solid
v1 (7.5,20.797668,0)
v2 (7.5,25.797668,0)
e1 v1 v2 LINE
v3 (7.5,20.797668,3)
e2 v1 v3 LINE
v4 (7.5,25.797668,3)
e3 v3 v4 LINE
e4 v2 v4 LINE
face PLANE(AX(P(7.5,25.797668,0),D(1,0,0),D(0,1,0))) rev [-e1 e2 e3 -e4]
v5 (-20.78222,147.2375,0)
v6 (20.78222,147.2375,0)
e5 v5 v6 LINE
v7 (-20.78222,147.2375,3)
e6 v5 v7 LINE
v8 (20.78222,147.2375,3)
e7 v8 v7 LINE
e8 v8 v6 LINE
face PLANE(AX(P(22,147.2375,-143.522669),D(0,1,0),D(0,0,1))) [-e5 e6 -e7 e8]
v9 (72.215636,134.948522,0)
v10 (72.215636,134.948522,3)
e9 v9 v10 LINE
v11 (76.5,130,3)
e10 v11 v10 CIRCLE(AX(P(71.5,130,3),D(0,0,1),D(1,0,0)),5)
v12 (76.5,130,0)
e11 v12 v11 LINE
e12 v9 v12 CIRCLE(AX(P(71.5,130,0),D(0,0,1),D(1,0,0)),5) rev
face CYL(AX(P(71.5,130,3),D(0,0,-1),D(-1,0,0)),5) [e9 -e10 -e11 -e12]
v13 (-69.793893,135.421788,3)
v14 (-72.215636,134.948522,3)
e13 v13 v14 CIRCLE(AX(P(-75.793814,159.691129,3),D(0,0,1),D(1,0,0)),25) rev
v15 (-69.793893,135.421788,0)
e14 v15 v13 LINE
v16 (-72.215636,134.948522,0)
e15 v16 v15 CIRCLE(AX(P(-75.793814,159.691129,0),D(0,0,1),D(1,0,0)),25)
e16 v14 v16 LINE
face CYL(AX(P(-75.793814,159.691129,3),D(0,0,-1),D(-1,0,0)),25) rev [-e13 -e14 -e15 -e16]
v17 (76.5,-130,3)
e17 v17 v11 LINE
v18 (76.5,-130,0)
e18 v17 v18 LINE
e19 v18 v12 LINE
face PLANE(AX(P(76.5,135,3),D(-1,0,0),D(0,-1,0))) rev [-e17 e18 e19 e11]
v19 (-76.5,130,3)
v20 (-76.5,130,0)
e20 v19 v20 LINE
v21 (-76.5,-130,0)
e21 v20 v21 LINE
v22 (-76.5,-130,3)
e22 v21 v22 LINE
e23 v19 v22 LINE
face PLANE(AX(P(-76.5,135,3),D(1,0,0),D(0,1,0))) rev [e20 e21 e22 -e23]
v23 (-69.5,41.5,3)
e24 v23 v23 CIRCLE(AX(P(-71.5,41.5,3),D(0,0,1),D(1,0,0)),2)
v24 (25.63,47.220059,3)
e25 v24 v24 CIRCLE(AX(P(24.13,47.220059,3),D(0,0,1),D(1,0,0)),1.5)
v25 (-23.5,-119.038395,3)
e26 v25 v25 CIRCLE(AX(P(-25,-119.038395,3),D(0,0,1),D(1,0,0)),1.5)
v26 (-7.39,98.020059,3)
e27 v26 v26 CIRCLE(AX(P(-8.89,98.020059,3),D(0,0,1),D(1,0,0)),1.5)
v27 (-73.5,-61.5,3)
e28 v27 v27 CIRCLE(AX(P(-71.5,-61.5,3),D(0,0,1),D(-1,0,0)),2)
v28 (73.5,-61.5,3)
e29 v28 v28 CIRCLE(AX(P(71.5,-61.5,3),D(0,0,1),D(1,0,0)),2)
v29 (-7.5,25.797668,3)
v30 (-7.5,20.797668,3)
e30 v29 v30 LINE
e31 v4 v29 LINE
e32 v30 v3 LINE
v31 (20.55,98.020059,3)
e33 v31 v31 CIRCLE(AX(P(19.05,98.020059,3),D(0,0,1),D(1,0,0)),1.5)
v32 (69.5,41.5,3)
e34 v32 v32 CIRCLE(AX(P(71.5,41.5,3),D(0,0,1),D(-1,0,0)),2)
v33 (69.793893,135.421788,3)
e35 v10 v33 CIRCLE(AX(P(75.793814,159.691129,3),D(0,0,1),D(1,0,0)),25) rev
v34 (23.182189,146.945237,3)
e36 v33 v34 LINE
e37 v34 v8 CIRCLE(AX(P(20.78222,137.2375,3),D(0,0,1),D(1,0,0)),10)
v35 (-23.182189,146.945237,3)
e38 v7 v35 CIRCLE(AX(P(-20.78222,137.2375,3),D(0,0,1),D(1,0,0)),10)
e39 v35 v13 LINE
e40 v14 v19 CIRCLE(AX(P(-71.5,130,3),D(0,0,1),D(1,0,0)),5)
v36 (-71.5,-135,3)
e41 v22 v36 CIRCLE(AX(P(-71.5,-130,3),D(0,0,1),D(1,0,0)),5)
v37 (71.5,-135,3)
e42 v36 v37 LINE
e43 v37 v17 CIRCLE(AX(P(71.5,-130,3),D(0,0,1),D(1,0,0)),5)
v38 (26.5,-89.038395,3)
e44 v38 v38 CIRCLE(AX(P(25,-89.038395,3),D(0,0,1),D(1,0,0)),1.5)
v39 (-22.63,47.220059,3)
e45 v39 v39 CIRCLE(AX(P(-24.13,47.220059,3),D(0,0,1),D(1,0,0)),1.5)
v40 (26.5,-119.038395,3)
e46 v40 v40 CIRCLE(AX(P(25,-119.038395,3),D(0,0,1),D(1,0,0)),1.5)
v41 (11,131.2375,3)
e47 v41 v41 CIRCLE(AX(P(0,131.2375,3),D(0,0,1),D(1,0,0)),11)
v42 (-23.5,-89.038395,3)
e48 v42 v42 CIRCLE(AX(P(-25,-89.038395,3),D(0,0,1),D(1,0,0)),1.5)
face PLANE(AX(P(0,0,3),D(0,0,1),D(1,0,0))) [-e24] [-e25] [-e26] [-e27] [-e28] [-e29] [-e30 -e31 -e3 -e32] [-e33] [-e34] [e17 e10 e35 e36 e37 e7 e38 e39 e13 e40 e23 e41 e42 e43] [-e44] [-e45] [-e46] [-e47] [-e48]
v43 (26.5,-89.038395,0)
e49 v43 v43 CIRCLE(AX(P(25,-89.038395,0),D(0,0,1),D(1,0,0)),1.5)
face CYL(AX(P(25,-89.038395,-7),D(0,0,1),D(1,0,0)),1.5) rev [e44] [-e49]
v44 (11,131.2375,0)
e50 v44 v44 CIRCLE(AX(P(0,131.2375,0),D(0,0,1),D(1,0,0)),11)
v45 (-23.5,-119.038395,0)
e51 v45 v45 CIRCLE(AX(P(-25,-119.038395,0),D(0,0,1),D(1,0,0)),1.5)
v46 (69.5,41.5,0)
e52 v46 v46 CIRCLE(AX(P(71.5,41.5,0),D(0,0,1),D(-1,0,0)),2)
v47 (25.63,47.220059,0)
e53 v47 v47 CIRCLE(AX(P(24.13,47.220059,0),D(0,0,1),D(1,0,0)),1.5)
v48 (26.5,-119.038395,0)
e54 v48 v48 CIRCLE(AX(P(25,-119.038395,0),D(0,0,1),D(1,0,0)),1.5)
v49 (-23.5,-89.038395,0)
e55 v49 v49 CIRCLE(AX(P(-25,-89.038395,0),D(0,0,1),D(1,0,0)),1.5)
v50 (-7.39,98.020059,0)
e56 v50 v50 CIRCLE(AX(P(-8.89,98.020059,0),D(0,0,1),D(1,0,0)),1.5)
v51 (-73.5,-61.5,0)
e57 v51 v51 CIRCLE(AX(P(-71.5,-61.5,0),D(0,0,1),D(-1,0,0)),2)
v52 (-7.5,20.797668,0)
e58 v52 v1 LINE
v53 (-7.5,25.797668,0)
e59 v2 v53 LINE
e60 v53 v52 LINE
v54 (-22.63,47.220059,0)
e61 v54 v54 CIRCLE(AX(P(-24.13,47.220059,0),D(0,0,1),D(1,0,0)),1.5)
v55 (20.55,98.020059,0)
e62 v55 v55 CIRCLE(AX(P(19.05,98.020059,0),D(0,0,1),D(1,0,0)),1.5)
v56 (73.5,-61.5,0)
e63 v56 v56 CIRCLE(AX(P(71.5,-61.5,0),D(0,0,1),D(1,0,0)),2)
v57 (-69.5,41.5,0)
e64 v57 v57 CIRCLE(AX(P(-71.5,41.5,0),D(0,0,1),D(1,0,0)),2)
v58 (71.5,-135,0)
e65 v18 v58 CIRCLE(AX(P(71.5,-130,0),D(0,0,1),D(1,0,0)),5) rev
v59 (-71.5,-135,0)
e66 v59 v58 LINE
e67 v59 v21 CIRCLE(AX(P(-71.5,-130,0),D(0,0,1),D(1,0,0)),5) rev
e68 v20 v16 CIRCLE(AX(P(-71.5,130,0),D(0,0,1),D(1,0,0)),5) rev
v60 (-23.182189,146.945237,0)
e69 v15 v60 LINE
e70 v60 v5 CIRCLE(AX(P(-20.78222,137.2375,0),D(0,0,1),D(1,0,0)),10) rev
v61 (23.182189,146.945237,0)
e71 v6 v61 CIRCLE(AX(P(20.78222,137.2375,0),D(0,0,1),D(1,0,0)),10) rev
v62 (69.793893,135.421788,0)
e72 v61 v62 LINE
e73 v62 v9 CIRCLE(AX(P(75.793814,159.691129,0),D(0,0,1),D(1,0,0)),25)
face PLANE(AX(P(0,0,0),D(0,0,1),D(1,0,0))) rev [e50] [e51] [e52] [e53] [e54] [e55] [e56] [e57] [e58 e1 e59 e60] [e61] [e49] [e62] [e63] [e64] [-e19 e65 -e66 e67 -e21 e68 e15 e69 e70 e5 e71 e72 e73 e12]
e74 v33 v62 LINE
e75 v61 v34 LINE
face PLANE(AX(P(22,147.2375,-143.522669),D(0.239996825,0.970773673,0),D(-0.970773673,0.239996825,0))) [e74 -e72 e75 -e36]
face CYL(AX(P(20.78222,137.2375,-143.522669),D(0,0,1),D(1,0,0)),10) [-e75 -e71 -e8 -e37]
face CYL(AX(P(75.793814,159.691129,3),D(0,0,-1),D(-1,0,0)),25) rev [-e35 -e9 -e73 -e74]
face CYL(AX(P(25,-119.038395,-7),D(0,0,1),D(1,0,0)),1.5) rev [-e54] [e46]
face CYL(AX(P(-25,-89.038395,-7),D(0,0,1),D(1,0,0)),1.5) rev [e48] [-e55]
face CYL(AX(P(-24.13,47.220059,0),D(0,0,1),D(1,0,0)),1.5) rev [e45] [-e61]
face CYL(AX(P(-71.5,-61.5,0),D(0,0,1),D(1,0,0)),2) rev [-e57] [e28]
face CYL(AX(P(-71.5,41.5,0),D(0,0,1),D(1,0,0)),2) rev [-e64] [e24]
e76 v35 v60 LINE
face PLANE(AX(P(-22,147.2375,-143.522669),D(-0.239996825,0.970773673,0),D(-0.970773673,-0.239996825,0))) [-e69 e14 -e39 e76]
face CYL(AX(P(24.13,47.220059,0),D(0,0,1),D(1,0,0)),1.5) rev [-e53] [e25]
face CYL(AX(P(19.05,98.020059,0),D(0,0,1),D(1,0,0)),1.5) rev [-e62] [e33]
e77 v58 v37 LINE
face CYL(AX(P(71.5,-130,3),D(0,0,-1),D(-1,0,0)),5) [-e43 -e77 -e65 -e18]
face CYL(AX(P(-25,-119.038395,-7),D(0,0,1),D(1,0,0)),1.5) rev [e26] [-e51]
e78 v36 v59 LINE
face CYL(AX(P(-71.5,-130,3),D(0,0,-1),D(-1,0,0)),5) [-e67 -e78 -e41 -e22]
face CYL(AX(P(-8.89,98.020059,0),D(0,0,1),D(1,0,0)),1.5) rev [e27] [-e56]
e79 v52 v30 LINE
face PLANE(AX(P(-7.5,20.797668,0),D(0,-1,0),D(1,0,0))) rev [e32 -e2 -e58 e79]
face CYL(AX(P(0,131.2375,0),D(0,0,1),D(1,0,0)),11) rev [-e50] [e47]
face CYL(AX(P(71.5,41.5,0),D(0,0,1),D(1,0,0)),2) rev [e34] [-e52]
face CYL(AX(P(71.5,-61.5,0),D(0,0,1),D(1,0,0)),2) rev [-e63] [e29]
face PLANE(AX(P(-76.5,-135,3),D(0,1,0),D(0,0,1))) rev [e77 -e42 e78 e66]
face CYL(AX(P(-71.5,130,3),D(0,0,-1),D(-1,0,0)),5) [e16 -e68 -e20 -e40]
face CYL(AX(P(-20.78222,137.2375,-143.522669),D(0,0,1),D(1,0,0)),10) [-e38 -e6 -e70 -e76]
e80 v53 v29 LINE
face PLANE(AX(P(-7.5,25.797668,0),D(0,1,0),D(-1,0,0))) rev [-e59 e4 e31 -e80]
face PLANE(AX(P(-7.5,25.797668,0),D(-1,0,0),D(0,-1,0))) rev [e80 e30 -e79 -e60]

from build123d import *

# Parameters (mm, degrees)
CROQUIS1_W              = 153
CROQUIS1_H              = 270
SALIENTE_EXTRUIR1_DEPTH = 3
CROQUIS2_R              = 2
CORTAR_EXTRUIR1_DEPTH   = 4
REDONDEO1_R             = 5
SALIENTE_EXTRUIR2_DEPTH = 3
REDONDEO2_R             = 25
REDONDEO3_R             = 10
CROQUIS5_R              = 11
CORTAR_EXTRUIR3_DEPTH   = 4
CROQUIS6_R              = 1.5
CROQUIS6_W              = 15
CROQUIS6_H              = 5
CORTAR_EXTRUIR4_DEPTH   = 4
CROQUIS7_R              = 1.5
CORTAR_EXTRUIR5_DEPTH   = 10


with BuildPart() as part:
    # Croquis1 → Saliente-Extruir1 (new body)
    with BuildSketch(Plane.XY):
        Rectangle(CROQUIS1_W, CROQUIS1_H)
    extrude(amount=SALIENTE_EXTRUIR1_DEPTH)

    # Croquis2 → Cortar-Extruir1 (cut, through all)
    with BuildSketch(Plane.XY.offset(3)):
        with Locations((-71.5, 41.5)):
            Circle(CROQUIS2_R)
        with Locations((-71.5, -61.5)):
            Circle(CROQUIS2_R)
        with Locations((71.5, -61.5)):
            Circle(CROQUIS2_R)
        with Locations((71.5, 41.5)):
            Circle(CROQUIS2_R)
    extrude(amount=-CORTAR_EXTRUIR1_DEPTH, mode=Mode.SUBTRACT)

    # Redondeo1
    redondeo1_edges = [part.edges().sort_by_distance(p)[0] for p in [
        (76.5, -135, 1.5),
        (-76.5, -135, 1.5),
        (-76.5, 135, 1.5),
        (76.5, 135, 1.5),
    ]]
    fillet(redondeo1_edges, radius=REDONDEO1_R)

    # Croquis4 → Saliente-Extruir2 (add)
    with BuildSketch(Plane.XY.offset(3)):
        Polygon((22, 147.2375), (-22, 147.2375), (-71.5, 135), (71.5, 135), align=None)
    extrude(amount=-SALIENTE_EXTRUIR2_DEPTH)

    # Redondeo2
    redondeo2_edges = [part.edges().sort_by_distance(p)[0] for p in [
        (-71.5, 135, 1.5),
        (71.5, 135, 1.5),
    ]]
    fillet(redondeo2_edges, radius=REDONDEO2_R)

    # Redondeo3
    redondeo3_edges = [part.edges().sort_by_distance(p)[0] for p in [
        (22, 147.2375, 1.5),
        (-22, 147.2375, 1.5),
    ]]
    fillet(redondeo3_edges, radius=REDONDEO3_R)

    # Croquis5 → Cortar-Extruir3 (cut, through all)
    with BuildSketch(Plane.XY.offset(3)):
        with Locations((0, 131.2375)):
            Circle(CROQUIS5_R)
    extrude(amount=-CORTAR_EXTRUIR3_DEPTH, mode=Mode.SUBTRACT)

    # Croquis6 → Cortar-Extruir4 (cut, through all)
    with BuildSketch(Plane.XY.offset(3)):
        with Locations((-8.89, 98.0200592)):
            Circle(CROQUIS6_R)
        with Locations((19.05, 98.0200592)):
            Circle(CROQUIS6_R)
        with Locations((24.13, 47.2200592)):
            Circle(CROQUIS6_R)
        with Locations((-24.13, 47.2200592)):
            Circle(CROQUIS6_R)
        with Locations((0, 23.297668012)):
            Rectangle(CROQUIS6_W, CROQUIS6_H)
    extrude(amount=-CORTAR_EXTRUIR4_DEPTH, mode=Mode.SUBTRACT)

    # Croquis7 → Cortar-Extruir5 (cut)
    with BuildSketch(Plane.XY.offset(3)):
        with Locations((-25, -89.038395192)):
            Circle(CROQUIS7_R)
        with Locations((25, -89.038395192)):
            Circle(CROQUIS7_R)
        with Locations((-25, -119.038395192)):
            Circle(CROQUIS7_R)
        with Locations((25, -119.038395192)):
            Circle(CROQUIS7_R)
    extrude(amount=-CORTAR_EXTRUIR5_DEPTH, mode=Mode.SUBTRACT)


solid = part.part
